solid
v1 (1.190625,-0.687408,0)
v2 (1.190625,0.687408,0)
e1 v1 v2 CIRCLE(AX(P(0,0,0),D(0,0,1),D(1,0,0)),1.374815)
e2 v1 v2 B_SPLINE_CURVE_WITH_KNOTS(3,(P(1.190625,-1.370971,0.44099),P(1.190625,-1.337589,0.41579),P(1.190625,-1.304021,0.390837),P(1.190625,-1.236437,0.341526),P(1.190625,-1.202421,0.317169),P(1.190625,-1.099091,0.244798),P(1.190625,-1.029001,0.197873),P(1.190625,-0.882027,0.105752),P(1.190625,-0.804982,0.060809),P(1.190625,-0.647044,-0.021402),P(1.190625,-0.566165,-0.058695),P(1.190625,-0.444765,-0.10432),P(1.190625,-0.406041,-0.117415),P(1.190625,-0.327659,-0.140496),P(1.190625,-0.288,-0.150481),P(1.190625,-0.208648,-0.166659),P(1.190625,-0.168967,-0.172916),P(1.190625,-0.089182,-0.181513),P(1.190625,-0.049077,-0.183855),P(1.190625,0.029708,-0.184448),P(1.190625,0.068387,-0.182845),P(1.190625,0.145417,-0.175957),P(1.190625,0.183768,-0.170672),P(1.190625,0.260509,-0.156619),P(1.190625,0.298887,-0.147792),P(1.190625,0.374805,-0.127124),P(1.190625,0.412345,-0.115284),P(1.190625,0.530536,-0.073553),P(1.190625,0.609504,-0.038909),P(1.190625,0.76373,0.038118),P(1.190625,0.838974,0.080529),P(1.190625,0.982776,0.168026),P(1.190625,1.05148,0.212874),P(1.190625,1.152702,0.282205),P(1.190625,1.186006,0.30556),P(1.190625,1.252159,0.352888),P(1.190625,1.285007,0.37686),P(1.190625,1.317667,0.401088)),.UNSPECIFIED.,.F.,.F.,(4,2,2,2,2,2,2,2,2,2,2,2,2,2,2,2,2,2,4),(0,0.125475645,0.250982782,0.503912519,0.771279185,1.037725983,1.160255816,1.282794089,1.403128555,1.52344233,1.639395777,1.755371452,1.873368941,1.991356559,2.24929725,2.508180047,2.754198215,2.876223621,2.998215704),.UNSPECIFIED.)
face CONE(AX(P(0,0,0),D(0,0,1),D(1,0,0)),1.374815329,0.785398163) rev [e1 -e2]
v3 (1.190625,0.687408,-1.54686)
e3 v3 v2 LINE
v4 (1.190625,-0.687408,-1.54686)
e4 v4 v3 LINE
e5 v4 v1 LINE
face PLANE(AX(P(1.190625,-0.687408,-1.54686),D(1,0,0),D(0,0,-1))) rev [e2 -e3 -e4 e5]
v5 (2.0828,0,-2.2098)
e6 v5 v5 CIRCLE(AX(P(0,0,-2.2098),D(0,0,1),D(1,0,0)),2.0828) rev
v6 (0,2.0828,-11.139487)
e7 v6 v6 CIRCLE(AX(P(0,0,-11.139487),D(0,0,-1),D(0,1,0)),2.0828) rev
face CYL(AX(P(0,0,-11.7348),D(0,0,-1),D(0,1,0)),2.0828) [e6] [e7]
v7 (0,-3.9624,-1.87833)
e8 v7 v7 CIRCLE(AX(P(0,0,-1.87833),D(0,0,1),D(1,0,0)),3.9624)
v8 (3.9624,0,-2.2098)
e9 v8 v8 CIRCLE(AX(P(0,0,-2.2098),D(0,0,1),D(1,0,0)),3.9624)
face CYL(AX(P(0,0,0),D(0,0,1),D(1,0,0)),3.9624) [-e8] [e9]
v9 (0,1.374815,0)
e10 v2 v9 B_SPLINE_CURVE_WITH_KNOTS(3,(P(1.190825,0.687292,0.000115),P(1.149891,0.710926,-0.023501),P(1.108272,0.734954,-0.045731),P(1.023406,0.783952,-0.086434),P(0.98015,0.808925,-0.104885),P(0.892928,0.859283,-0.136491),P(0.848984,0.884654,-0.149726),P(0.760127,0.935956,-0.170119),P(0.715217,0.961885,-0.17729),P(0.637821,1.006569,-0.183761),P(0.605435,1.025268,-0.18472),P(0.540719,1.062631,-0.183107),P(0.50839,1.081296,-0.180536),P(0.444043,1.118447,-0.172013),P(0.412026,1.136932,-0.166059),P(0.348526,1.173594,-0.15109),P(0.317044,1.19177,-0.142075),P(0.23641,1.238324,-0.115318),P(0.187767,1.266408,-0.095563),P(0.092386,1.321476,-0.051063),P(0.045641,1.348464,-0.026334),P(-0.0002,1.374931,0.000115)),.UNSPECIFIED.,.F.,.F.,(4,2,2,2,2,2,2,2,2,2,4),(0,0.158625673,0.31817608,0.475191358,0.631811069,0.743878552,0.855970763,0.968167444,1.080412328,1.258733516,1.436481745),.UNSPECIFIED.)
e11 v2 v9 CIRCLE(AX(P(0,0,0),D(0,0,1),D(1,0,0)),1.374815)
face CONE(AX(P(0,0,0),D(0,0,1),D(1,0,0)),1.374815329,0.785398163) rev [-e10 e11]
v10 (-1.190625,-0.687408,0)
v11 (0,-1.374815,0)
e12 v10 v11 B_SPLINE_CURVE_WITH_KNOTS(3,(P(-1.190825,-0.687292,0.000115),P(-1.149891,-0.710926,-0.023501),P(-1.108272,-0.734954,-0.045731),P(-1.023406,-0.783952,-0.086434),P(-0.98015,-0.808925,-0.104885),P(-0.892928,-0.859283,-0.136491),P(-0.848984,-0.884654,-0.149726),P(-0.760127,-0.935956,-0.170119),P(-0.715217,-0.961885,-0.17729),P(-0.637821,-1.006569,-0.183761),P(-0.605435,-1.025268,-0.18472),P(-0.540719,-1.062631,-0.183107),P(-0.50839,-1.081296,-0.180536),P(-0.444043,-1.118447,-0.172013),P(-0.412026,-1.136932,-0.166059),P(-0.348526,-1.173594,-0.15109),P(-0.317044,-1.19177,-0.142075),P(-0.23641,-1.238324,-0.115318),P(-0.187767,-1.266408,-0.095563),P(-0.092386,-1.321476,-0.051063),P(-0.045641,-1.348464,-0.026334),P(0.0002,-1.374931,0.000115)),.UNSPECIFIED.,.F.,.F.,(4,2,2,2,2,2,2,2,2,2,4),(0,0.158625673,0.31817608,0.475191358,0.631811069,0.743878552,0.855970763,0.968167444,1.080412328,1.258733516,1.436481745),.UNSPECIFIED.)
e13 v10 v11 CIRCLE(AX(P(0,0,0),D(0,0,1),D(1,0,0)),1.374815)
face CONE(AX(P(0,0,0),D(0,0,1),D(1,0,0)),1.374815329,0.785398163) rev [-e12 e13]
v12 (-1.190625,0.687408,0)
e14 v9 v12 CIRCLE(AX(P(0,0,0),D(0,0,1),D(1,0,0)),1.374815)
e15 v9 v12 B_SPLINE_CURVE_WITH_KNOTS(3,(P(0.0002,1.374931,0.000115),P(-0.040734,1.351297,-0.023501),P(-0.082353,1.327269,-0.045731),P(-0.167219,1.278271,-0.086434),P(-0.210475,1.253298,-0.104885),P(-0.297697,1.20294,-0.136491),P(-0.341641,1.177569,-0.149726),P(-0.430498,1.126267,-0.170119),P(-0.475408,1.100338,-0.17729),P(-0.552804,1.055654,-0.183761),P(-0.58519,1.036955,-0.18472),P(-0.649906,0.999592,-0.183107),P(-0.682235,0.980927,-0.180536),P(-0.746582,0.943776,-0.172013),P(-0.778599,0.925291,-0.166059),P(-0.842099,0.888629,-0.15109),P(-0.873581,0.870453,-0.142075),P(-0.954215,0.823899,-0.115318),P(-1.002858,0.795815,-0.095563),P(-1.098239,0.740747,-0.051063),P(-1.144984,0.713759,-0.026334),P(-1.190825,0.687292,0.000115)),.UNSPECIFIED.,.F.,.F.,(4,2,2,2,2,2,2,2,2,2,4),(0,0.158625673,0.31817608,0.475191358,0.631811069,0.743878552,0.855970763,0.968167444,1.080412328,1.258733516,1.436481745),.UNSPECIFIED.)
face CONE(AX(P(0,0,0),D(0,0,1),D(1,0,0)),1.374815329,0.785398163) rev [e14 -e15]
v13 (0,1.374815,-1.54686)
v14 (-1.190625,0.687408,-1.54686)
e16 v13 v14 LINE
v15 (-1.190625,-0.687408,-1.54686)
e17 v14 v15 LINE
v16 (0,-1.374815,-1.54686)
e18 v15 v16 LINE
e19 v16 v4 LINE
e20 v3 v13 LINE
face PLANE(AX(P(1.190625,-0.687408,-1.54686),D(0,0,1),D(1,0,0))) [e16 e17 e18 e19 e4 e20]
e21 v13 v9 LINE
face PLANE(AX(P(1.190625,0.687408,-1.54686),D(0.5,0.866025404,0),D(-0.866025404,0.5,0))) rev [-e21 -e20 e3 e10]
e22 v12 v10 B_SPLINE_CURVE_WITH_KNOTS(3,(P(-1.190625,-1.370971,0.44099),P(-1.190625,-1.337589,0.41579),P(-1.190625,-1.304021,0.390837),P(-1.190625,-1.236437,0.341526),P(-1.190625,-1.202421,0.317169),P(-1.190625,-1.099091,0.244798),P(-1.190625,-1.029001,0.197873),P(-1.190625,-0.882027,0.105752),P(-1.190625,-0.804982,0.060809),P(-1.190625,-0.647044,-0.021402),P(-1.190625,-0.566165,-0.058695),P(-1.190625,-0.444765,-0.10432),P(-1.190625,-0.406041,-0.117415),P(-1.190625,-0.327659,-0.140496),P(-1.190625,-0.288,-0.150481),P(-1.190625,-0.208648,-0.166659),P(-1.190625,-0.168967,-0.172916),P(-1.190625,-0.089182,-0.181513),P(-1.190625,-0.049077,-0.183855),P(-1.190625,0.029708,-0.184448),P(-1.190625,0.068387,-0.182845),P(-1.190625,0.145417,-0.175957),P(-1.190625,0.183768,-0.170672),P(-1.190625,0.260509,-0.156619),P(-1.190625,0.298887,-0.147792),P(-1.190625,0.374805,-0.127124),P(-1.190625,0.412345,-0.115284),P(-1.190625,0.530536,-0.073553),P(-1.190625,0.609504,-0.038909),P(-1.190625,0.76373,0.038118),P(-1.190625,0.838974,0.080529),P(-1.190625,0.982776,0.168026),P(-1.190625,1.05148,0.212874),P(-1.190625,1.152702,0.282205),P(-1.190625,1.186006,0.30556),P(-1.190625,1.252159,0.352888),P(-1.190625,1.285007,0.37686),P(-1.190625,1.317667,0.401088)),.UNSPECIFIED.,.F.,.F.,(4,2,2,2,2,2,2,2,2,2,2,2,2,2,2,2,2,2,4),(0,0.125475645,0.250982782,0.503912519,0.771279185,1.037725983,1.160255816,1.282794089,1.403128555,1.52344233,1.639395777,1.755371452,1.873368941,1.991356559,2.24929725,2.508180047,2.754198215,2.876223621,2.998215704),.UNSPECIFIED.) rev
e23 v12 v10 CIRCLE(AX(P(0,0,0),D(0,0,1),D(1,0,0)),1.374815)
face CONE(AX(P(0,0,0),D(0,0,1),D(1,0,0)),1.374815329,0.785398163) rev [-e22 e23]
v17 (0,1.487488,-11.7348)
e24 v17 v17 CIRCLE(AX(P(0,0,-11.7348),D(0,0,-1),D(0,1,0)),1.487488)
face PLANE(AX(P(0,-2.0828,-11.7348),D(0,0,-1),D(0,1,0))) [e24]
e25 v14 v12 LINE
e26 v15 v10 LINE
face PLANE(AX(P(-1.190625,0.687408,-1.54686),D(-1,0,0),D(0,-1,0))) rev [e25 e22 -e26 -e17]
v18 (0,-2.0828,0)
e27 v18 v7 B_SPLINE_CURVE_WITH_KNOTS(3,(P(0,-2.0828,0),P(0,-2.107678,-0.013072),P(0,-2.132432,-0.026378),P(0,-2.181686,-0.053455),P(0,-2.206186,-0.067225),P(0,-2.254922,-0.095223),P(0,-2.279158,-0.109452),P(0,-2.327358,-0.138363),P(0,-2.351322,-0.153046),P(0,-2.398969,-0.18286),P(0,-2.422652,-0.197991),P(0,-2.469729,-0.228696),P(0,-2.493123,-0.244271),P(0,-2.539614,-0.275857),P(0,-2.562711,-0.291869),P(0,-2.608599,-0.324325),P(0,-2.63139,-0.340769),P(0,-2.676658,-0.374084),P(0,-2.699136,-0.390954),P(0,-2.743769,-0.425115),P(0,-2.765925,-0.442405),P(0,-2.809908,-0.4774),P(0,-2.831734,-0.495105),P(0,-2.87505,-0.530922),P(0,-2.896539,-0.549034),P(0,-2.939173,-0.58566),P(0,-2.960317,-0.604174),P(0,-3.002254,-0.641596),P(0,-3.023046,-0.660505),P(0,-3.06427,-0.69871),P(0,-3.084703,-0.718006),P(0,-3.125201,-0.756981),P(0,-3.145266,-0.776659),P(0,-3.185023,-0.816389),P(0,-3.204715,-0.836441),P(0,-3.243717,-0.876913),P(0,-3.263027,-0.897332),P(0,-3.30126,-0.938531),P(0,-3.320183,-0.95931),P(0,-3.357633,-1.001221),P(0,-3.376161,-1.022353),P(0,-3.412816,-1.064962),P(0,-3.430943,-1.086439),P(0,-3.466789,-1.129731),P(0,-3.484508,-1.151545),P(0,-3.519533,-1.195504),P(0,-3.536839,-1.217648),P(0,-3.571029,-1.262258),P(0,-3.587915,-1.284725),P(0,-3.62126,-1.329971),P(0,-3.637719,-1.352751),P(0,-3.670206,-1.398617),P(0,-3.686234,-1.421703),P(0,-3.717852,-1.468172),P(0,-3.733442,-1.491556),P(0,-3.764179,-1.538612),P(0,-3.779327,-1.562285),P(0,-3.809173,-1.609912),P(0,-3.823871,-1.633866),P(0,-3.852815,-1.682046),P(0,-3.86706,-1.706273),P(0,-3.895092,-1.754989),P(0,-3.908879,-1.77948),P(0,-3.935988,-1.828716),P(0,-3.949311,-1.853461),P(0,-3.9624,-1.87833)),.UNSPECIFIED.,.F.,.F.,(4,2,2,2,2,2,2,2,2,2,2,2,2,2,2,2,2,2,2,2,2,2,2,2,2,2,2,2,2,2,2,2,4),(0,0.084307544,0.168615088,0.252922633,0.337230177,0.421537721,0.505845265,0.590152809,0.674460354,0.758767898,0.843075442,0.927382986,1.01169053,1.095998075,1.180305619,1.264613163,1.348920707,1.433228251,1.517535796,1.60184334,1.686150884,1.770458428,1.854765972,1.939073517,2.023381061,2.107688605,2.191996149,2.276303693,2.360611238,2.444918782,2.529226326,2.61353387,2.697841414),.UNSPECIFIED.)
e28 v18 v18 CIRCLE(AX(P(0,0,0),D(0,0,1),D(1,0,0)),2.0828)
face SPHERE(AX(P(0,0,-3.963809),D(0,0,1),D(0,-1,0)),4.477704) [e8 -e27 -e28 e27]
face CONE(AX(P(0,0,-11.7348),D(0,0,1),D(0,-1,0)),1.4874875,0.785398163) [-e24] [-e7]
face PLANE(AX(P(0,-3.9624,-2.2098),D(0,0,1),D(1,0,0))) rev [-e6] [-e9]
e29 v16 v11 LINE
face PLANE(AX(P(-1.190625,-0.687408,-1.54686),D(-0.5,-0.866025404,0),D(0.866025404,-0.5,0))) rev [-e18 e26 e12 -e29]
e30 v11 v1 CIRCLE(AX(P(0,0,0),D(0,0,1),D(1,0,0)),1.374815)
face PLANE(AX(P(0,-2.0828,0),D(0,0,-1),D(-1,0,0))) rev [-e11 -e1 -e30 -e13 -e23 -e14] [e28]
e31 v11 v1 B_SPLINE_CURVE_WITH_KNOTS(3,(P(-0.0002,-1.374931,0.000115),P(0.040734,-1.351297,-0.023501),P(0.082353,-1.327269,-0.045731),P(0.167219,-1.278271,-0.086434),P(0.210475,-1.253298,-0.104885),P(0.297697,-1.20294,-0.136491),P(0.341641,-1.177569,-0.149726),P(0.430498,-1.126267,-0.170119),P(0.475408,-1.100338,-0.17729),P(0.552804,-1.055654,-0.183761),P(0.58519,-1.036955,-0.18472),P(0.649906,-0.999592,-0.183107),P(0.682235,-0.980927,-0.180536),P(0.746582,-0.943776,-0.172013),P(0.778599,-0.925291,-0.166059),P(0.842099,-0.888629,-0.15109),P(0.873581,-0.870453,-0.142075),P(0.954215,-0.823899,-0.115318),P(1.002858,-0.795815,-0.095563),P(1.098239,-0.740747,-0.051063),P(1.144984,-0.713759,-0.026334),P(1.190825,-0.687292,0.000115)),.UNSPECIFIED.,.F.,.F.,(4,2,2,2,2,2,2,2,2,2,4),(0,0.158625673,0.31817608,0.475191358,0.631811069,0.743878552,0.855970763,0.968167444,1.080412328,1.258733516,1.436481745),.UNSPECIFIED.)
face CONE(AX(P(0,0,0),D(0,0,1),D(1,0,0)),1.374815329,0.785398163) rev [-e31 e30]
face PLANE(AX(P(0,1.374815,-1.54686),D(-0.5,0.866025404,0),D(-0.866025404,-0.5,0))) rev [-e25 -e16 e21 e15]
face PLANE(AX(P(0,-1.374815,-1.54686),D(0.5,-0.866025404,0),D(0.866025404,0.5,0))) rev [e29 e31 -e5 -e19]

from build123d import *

# Parameters (mm, degrees)
SKETCH1_W          = 9.525
SKETCH1_H          = 2.0828
CHAMFER1_SIZE      = 0.5953125
CUT_EXTRUDE2_DEPTH = 1.54686


with BuildPart() as part:
    # Sketch1 → Revolve1 (revolve)
    with BuildSketch(Plane(origin=(0, 0, 0), x_dir=(0, 0, -1), z_dir=(1, 0, 0))):
        with Locations((6.9723, 1.0414)):
            Rectangle(SKETCH1_W, SKETCH1_H)
    revolve(axis=Axis((0, 0, -11.7348), (0, 0, 1)))

    # Chamfer1
    chamfer1_edges = [part.edges().sort_by_distance(p)[0] for p in [
        (0, -2.0828, -11.7348),
    ]]
    chamfer(chamfer1_edges, length=CHAMFER1_SIZE)

    # Sketch7 → Revolve2 (revolve)
    with BuildSketch(Plane(origin=(0, 0, 0), x_dir=(0, 0, -1), z_dir=(1, 0, 0))):
        with BuildLine():
            Line((1.87833, 3.9624), (2.2098, 3.9624))
            Line((2.2098, 3.9624), (2.2098, 0))
            Line((2.2098, 0), (0, 0))
            Line((0, 0), (0, 2.0828))
            ThreePointArc((0, 2.0828), (0.796523813, 3.165144808), (1.87833, 3.9624))
        make_face()
    revolve(axis=Axis((0, 0, 0), (0, 0, -1)))

    # Sketch5 → Cut-Extrude2 (cut)
    with BuildSketch(Plane.XY):
        Polygon((1.190625, -0.687407664), (1.190625, 0.687407664), (0, 1.374815329), (-1.190625, 0.687407664), (-1.190625, -0.687407664), (0, -1.374815329), align=None)
    extrude(amount=-CUT_EXTRUDE2_DEPTH, mode=Mode.SUBTRACT)

    # Cut-Extrude3 cone 1 section (through the dimple's axis) → Cut-Extrude3 (revolve, cut)
    with BuildSketch(Plane(origin=(0, 0, 0), x_dir=(0, -1, 0), z_dir=(1, 0, 0))):
        Polygon((0, 0), (1.374815329, 0), (0, 1.374815329), align=None)
    revolve(axis=Axis((0, 0, 0), (0, 0, -1)), mode=Mode.SUBTRACT)


solid = part.part
